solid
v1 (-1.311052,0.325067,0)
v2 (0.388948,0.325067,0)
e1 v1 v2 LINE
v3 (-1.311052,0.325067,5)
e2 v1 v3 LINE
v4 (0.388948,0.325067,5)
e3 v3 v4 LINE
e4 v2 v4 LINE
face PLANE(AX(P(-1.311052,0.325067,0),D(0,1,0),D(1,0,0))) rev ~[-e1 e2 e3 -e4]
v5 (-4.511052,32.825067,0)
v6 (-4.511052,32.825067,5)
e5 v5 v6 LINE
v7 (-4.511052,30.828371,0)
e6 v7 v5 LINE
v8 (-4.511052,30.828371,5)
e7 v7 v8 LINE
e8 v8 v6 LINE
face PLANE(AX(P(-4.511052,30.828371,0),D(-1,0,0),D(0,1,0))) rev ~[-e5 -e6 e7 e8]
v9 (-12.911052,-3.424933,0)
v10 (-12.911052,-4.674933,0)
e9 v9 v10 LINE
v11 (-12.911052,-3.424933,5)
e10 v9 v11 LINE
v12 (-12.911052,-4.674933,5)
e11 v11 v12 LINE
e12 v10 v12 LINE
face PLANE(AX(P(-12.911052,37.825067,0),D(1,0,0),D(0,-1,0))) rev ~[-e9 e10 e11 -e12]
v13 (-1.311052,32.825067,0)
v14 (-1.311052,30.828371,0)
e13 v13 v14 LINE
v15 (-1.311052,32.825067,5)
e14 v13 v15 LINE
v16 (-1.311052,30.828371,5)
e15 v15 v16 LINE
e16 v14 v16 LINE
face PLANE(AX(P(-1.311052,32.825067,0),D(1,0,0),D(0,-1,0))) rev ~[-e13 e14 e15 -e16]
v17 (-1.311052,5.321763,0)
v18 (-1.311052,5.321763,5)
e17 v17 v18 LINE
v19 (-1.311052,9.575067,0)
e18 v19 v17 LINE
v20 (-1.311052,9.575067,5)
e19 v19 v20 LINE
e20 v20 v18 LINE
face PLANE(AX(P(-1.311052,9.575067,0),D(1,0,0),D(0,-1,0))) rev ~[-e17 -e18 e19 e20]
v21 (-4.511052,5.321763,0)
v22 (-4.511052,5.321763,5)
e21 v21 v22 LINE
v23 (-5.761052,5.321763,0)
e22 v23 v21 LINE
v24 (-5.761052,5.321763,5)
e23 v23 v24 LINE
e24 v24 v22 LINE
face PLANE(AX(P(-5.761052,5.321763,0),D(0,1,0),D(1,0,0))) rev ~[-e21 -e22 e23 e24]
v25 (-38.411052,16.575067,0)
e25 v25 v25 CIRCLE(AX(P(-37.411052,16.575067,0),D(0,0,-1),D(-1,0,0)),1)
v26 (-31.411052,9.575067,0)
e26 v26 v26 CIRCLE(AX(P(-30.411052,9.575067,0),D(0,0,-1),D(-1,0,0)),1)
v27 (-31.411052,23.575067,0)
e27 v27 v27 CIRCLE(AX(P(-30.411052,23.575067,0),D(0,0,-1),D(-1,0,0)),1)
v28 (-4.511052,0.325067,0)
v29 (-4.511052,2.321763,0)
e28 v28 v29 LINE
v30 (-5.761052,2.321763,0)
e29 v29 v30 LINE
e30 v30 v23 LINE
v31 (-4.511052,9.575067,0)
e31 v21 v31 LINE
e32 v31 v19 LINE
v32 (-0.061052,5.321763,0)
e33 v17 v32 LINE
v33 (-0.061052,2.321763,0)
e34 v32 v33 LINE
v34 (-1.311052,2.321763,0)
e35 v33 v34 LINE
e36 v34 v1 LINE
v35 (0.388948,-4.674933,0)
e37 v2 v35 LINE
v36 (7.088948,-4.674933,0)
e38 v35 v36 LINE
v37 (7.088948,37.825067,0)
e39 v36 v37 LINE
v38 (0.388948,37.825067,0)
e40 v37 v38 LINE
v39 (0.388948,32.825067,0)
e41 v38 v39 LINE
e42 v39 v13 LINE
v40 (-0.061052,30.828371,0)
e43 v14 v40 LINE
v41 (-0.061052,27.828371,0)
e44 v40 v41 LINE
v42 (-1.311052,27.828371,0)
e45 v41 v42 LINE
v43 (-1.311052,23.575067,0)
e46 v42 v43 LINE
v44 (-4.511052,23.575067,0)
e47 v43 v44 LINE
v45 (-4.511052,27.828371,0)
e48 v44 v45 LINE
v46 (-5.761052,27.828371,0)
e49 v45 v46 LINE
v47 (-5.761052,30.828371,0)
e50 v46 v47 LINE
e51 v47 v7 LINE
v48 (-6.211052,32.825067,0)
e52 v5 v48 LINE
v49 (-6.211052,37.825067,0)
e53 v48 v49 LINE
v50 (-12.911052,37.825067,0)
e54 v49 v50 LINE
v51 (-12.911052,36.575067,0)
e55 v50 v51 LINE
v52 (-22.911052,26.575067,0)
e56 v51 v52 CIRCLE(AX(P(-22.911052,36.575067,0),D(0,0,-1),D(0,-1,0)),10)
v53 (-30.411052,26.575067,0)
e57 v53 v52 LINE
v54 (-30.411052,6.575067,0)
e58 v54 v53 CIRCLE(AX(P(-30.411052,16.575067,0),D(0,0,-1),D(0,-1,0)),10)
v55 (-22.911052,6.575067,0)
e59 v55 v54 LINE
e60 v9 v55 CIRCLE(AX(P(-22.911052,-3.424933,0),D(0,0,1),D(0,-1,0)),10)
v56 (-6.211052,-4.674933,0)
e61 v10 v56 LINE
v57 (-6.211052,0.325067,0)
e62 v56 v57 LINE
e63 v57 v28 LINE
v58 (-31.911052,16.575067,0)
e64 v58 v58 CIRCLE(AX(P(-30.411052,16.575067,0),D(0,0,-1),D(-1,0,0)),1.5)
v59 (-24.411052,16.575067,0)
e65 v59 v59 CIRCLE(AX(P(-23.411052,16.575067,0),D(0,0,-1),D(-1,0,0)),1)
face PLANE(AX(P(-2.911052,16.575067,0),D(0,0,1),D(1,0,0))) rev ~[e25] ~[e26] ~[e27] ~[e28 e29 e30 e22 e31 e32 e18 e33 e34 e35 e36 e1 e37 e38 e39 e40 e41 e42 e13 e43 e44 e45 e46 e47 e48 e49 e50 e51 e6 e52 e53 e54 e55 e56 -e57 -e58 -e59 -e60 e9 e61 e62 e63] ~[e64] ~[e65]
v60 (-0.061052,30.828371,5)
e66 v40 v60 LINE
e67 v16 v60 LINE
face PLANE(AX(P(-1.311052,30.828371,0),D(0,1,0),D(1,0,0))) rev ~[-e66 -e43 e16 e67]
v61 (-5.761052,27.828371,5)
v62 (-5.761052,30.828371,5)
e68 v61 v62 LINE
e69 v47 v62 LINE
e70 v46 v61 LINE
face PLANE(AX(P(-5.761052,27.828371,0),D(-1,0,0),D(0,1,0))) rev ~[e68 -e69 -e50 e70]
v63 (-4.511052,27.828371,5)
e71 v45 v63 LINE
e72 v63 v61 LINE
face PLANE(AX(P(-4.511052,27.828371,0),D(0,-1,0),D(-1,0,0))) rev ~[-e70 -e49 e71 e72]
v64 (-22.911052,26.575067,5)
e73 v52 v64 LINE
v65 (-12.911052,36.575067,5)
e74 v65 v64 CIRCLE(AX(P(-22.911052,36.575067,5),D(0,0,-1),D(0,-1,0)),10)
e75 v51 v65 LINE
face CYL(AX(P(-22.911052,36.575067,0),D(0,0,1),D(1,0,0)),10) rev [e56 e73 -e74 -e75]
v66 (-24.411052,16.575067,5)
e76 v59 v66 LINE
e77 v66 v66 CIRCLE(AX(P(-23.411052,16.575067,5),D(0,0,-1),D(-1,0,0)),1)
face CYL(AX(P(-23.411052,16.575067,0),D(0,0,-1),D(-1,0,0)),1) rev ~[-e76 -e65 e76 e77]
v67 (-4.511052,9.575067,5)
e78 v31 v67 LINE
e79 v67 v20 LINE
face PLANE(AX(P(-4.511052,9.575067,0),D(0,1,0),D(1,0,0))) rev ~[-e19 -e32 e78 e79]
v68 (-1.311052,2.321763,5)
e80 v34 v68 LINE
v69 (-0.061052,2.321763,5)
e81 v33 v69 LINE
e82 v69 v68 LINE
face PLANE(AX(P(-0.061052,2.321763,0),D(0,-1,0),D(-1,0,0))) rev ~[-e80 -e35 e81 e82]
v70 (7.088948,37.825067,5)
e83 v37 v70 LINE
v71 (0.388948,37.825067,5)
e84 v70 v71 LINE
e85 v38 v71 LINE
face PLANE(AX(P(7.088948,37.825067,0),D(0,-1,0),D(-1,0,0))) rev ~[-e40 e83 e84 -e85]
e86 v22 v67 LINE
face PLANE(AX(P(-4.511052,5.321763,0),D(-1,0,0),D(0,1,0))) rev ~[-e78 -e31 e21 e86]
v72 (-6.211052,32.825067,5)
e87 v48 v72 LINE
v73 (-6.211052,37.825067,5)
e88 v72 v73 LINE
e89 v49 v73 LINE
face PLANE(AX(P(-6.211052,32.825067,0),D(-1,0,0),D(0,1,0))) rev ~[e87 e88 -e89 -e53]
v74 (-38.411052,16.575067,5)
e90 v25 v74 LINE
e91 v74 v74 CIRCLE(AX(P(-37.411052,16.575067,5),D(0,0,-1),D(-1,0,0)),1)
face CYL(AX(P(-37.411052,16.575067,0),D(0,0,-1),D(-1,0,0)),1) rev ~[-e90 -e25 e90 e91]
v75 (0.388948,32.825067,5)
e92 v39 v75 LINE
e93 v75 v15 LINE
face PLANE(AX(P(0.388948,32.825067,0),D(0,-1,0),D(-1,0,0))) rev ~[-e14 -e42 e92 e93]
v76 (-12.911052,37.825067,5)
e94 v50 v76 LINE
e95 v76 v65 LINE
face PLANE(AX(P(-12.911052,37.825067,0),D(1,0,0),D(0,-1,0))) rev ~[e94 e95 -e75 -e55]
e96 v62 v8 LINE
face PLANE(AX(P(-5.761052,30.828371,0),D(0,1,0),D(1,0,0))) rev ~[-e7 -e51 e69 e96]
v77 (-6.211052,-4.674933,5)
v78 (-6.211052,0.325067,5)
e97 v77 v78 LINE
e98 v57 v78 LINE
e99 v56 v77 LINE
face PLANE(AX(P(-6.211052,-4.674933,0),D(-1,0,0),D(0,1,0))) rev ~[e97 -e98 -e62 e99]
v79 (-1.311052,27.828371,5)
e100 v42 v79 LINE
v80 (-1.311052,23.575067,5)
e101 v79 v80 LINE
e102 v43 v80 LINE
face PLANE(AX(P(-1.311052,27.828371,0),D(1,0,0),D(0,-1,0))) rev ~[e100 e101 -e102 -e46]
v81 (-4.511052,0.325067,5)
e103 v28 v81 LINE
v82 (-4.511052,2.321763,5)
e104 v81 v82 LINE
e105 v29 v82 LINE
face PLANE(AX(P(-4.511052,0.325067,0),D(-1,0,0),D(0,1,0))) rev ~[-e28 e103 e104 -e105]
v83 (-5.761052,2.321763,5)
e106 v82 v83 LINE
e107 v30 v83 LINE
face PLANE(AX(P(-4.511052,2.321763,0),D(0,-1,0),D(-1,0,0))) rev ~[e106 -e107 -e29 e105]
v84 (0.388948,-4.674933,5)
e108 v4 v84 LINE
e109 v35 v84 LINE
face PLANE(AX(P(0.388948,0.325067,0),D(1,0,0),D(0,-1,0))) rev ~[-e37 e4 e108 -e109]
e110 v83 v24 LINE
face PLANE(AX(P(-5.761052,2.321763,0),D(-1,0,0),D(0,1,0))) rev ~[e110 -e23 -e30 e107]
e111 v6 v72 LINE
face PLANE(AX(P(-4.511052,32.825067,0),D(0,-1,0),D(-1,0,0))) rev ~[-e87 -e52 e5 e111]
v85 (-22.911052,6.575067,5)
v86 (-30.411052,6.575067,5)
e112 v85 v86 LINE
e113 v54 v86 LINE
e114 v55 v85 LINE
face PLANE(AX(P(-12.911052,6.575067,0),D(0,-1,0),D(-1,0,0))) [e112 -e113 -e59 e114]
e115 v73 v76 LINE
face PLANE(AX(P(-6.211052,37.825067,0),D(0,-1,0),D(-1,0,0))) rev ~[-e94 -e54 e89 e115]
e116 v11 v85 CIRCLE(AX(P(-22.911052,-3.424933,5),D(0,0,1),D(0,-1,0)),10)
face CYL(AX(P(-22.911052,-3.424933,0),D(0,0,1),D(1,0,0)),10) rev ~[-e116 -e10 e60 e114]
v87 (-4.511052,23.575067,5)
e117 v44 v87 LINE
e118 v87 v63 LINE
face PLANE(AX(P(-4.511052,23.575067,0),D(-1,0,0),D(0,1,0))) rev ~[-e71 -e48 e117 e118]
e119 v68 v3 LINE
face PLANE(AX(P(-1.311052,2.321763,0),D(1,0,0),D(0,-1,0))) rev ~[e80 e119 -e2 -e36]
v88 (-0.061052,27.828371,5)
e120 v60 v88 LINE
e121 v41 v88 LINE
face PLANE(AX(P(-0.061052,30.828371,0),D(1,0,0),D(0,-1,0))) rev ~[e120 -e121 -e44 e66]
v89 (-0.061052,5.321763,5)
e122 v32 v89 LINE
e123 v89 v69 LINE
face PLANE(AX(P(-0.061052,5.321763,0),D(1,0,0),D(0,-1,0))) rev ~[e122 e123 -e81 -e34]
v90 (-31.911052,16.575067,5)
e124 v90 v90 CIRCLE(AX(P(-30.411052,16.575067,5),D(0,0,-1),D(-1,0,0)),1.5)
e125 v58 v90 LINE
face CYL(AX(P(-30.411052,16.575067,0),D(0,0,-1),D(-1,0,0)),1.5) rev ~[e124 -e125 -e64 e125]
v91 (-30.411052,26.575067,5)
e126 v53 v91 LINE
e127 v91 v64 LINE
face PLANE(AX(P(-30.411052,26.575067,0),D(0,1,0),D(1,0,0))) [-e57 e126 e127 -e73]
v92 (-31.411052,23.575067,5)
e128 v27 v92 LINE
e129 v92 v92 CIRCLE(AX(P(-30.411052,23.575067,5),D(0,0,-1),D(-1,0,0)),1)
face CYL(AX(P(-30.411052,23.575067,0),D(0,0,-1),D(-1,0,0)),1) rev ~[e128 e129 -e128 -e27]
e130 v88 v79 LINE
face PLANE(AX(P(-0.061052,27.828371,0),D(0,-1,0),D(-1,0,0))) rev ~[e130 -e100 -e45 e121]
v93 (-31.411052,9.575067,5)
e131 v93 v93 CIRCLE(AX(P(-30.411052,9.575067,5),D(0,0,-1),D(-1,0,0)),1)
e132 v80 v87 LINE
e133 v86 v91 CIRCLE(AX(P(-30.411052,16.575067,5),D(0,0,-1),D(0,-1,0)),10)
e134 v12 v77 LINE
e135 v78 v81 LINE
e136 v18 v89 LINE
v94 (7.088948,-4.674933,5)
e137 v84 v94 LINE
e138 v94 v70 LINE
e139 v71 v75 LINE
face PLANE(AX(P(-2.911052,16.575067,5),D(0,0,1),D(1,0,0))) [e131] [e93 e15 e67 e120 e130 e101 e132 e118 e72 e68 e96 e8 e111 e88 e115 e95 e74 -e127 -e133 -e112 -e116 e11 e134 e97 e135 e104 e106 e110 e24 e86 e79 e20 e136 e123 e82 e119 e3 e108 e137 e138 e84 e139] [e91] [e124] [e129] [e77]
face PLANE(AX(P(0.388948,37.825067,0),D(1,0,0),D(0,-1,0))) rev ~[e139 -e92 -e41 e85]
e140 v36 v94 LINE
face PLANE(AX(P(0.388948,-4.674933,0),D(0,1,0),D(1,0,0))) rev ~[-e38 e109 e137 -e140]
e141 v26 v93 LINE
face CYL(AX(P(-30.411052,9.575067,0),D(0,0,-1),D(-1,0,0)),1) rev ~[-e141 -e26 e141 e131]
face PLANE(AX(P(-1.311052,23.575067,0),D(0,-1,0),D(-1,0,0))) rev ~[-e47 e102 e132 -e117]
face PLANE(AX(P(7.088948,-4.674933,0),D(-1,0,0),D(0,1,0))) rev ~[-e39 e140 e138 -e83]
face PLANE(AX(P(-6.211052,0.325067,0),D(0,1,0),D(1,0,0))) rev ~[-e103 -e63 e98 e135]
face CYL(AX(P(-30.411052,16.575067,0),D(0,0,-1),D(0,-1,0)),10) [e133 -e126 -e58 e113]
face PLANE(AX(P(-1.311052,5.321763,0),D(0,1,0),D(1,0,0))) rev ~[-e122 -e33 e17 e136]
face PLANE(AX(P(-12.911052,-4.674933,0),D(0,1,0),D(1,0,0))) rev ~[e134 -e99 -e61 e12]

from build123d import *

# Parameters (mm, degrees)
BOSS_EXTRU_1_DEPTH = 5
ESQUISSE2_R        = 1.5
ESQUISSE2_R_2      = 1
BOSS_EXTRU_2_DEPTH = 5
CONG_1_R           = 10


with BuildPart() as part:
    # Esquisse1 → Boss.-Extru.1 (new body)
    with BuildSketch(Plane.XY):
        Polygon((-12.911051911, 37.825067336), (-12.911051911, -4.674932664), (-6.211051911, -4.674932664), (-6.211051911, 0.325067336), (-4.511051911, 0.325067336), (-4.511051911, 2.321763371), (-5.761051911, 2.321763371), (-5.761051911, 5.321763371), (-4.511051911, 5.321763371), (-4.511051911, 9.575067336), (-1.311051911, 9.575067336), (-1.311051911, 5.321763371), (-0.061051911, 5.321763371), (-0.061051911, 2.321763371), (-1.311051911, 2.321763371), (-1.311051911, 0.325067336), (0.388948089, 0.325067336), (0.388948089, -4.674932664), (7.088948089, -4.674932664), (7.088948089, 37.825067336), (0.388948089, 37.825067336), (0.388948089, 32.825067336), (-1.311051911, 32.825067336), (-1.311051911, 30.828371301), (-0.061051911, 30.828371301), (-0.061051911, 27.828371301), (-1.311051911, 27.828371301), (-1.311051911, 23.575067336), (-4.511051911, 23.575067336), (-4.511051911, 27.828371301), (-5.761051911, 27.828371301), (-5.761051911, 30.828371301), (-4.511051911, 30.828371301), (-4.511051911, 32.825067336), (-6.211051911, 32.825067336), (-6.211051911, 37.825067336), align=None)
    extrude(amount=BOSS_EXTRU_1_DEPTH)

    # Esquisse2 → Boss.-Extru.2 (add)
    with BuildSketch(Plane(origin=(0, 0, 0), x_dir=(-1, 0, 0), z_dir=(0, 0, -1))):
        with BuildLine():
            Line((30.411051911, 26.575067336), (12.911051911, 26.575067336))
            Line((12.911051911, 26.575067336), (12.911051911, 6.575067336))
            Line((12.911051911, 6.575067336), (30.411051911, 6.575067336))
            ThreePointArc((30.411051911, 6.575067336), (40.411051911, 16.575067336), (30.411051911, 26.575067336))
        make_face()
        with Locations((30.411051911, 16.575067336)):
            Circle(ESQUISSE2_R, mode=Mode.SUBTRACT)
        with Locations((30.411051911, 23.575067336)):
            Circle(ESQUISSE2_R_2, mode=Mode.SUBTRACT)
        with Locations((23.411051911, 16.575067336)):
            Circle(ESQUISSE2_R_2, mode=Mode.SUBTRACT)
        with Locations((30.411051911, 9.575067336)):
            Circle(ESQUISSE2_R_2, mode=Mode.SUBTRACT)
        with Locations((37.411051911, 16.575067336)):
            Circle(ESQUISSE2_R_2, mode=Mode.SUBTRACT)
    extrude(amount=-BOSS_EXTRU_2_DEPTH)

    # Congé1
    cong_1_edges = [part.edges().sort_by_distance(p)[0] for p in [
        (-12.911051911, 26.575067336, 2.5),
        (-12.911051911, 6.575067336, 2.5),
    ]]
    fillet(cong_1_edges, radius=CONG_1_R)


solid = part.part
